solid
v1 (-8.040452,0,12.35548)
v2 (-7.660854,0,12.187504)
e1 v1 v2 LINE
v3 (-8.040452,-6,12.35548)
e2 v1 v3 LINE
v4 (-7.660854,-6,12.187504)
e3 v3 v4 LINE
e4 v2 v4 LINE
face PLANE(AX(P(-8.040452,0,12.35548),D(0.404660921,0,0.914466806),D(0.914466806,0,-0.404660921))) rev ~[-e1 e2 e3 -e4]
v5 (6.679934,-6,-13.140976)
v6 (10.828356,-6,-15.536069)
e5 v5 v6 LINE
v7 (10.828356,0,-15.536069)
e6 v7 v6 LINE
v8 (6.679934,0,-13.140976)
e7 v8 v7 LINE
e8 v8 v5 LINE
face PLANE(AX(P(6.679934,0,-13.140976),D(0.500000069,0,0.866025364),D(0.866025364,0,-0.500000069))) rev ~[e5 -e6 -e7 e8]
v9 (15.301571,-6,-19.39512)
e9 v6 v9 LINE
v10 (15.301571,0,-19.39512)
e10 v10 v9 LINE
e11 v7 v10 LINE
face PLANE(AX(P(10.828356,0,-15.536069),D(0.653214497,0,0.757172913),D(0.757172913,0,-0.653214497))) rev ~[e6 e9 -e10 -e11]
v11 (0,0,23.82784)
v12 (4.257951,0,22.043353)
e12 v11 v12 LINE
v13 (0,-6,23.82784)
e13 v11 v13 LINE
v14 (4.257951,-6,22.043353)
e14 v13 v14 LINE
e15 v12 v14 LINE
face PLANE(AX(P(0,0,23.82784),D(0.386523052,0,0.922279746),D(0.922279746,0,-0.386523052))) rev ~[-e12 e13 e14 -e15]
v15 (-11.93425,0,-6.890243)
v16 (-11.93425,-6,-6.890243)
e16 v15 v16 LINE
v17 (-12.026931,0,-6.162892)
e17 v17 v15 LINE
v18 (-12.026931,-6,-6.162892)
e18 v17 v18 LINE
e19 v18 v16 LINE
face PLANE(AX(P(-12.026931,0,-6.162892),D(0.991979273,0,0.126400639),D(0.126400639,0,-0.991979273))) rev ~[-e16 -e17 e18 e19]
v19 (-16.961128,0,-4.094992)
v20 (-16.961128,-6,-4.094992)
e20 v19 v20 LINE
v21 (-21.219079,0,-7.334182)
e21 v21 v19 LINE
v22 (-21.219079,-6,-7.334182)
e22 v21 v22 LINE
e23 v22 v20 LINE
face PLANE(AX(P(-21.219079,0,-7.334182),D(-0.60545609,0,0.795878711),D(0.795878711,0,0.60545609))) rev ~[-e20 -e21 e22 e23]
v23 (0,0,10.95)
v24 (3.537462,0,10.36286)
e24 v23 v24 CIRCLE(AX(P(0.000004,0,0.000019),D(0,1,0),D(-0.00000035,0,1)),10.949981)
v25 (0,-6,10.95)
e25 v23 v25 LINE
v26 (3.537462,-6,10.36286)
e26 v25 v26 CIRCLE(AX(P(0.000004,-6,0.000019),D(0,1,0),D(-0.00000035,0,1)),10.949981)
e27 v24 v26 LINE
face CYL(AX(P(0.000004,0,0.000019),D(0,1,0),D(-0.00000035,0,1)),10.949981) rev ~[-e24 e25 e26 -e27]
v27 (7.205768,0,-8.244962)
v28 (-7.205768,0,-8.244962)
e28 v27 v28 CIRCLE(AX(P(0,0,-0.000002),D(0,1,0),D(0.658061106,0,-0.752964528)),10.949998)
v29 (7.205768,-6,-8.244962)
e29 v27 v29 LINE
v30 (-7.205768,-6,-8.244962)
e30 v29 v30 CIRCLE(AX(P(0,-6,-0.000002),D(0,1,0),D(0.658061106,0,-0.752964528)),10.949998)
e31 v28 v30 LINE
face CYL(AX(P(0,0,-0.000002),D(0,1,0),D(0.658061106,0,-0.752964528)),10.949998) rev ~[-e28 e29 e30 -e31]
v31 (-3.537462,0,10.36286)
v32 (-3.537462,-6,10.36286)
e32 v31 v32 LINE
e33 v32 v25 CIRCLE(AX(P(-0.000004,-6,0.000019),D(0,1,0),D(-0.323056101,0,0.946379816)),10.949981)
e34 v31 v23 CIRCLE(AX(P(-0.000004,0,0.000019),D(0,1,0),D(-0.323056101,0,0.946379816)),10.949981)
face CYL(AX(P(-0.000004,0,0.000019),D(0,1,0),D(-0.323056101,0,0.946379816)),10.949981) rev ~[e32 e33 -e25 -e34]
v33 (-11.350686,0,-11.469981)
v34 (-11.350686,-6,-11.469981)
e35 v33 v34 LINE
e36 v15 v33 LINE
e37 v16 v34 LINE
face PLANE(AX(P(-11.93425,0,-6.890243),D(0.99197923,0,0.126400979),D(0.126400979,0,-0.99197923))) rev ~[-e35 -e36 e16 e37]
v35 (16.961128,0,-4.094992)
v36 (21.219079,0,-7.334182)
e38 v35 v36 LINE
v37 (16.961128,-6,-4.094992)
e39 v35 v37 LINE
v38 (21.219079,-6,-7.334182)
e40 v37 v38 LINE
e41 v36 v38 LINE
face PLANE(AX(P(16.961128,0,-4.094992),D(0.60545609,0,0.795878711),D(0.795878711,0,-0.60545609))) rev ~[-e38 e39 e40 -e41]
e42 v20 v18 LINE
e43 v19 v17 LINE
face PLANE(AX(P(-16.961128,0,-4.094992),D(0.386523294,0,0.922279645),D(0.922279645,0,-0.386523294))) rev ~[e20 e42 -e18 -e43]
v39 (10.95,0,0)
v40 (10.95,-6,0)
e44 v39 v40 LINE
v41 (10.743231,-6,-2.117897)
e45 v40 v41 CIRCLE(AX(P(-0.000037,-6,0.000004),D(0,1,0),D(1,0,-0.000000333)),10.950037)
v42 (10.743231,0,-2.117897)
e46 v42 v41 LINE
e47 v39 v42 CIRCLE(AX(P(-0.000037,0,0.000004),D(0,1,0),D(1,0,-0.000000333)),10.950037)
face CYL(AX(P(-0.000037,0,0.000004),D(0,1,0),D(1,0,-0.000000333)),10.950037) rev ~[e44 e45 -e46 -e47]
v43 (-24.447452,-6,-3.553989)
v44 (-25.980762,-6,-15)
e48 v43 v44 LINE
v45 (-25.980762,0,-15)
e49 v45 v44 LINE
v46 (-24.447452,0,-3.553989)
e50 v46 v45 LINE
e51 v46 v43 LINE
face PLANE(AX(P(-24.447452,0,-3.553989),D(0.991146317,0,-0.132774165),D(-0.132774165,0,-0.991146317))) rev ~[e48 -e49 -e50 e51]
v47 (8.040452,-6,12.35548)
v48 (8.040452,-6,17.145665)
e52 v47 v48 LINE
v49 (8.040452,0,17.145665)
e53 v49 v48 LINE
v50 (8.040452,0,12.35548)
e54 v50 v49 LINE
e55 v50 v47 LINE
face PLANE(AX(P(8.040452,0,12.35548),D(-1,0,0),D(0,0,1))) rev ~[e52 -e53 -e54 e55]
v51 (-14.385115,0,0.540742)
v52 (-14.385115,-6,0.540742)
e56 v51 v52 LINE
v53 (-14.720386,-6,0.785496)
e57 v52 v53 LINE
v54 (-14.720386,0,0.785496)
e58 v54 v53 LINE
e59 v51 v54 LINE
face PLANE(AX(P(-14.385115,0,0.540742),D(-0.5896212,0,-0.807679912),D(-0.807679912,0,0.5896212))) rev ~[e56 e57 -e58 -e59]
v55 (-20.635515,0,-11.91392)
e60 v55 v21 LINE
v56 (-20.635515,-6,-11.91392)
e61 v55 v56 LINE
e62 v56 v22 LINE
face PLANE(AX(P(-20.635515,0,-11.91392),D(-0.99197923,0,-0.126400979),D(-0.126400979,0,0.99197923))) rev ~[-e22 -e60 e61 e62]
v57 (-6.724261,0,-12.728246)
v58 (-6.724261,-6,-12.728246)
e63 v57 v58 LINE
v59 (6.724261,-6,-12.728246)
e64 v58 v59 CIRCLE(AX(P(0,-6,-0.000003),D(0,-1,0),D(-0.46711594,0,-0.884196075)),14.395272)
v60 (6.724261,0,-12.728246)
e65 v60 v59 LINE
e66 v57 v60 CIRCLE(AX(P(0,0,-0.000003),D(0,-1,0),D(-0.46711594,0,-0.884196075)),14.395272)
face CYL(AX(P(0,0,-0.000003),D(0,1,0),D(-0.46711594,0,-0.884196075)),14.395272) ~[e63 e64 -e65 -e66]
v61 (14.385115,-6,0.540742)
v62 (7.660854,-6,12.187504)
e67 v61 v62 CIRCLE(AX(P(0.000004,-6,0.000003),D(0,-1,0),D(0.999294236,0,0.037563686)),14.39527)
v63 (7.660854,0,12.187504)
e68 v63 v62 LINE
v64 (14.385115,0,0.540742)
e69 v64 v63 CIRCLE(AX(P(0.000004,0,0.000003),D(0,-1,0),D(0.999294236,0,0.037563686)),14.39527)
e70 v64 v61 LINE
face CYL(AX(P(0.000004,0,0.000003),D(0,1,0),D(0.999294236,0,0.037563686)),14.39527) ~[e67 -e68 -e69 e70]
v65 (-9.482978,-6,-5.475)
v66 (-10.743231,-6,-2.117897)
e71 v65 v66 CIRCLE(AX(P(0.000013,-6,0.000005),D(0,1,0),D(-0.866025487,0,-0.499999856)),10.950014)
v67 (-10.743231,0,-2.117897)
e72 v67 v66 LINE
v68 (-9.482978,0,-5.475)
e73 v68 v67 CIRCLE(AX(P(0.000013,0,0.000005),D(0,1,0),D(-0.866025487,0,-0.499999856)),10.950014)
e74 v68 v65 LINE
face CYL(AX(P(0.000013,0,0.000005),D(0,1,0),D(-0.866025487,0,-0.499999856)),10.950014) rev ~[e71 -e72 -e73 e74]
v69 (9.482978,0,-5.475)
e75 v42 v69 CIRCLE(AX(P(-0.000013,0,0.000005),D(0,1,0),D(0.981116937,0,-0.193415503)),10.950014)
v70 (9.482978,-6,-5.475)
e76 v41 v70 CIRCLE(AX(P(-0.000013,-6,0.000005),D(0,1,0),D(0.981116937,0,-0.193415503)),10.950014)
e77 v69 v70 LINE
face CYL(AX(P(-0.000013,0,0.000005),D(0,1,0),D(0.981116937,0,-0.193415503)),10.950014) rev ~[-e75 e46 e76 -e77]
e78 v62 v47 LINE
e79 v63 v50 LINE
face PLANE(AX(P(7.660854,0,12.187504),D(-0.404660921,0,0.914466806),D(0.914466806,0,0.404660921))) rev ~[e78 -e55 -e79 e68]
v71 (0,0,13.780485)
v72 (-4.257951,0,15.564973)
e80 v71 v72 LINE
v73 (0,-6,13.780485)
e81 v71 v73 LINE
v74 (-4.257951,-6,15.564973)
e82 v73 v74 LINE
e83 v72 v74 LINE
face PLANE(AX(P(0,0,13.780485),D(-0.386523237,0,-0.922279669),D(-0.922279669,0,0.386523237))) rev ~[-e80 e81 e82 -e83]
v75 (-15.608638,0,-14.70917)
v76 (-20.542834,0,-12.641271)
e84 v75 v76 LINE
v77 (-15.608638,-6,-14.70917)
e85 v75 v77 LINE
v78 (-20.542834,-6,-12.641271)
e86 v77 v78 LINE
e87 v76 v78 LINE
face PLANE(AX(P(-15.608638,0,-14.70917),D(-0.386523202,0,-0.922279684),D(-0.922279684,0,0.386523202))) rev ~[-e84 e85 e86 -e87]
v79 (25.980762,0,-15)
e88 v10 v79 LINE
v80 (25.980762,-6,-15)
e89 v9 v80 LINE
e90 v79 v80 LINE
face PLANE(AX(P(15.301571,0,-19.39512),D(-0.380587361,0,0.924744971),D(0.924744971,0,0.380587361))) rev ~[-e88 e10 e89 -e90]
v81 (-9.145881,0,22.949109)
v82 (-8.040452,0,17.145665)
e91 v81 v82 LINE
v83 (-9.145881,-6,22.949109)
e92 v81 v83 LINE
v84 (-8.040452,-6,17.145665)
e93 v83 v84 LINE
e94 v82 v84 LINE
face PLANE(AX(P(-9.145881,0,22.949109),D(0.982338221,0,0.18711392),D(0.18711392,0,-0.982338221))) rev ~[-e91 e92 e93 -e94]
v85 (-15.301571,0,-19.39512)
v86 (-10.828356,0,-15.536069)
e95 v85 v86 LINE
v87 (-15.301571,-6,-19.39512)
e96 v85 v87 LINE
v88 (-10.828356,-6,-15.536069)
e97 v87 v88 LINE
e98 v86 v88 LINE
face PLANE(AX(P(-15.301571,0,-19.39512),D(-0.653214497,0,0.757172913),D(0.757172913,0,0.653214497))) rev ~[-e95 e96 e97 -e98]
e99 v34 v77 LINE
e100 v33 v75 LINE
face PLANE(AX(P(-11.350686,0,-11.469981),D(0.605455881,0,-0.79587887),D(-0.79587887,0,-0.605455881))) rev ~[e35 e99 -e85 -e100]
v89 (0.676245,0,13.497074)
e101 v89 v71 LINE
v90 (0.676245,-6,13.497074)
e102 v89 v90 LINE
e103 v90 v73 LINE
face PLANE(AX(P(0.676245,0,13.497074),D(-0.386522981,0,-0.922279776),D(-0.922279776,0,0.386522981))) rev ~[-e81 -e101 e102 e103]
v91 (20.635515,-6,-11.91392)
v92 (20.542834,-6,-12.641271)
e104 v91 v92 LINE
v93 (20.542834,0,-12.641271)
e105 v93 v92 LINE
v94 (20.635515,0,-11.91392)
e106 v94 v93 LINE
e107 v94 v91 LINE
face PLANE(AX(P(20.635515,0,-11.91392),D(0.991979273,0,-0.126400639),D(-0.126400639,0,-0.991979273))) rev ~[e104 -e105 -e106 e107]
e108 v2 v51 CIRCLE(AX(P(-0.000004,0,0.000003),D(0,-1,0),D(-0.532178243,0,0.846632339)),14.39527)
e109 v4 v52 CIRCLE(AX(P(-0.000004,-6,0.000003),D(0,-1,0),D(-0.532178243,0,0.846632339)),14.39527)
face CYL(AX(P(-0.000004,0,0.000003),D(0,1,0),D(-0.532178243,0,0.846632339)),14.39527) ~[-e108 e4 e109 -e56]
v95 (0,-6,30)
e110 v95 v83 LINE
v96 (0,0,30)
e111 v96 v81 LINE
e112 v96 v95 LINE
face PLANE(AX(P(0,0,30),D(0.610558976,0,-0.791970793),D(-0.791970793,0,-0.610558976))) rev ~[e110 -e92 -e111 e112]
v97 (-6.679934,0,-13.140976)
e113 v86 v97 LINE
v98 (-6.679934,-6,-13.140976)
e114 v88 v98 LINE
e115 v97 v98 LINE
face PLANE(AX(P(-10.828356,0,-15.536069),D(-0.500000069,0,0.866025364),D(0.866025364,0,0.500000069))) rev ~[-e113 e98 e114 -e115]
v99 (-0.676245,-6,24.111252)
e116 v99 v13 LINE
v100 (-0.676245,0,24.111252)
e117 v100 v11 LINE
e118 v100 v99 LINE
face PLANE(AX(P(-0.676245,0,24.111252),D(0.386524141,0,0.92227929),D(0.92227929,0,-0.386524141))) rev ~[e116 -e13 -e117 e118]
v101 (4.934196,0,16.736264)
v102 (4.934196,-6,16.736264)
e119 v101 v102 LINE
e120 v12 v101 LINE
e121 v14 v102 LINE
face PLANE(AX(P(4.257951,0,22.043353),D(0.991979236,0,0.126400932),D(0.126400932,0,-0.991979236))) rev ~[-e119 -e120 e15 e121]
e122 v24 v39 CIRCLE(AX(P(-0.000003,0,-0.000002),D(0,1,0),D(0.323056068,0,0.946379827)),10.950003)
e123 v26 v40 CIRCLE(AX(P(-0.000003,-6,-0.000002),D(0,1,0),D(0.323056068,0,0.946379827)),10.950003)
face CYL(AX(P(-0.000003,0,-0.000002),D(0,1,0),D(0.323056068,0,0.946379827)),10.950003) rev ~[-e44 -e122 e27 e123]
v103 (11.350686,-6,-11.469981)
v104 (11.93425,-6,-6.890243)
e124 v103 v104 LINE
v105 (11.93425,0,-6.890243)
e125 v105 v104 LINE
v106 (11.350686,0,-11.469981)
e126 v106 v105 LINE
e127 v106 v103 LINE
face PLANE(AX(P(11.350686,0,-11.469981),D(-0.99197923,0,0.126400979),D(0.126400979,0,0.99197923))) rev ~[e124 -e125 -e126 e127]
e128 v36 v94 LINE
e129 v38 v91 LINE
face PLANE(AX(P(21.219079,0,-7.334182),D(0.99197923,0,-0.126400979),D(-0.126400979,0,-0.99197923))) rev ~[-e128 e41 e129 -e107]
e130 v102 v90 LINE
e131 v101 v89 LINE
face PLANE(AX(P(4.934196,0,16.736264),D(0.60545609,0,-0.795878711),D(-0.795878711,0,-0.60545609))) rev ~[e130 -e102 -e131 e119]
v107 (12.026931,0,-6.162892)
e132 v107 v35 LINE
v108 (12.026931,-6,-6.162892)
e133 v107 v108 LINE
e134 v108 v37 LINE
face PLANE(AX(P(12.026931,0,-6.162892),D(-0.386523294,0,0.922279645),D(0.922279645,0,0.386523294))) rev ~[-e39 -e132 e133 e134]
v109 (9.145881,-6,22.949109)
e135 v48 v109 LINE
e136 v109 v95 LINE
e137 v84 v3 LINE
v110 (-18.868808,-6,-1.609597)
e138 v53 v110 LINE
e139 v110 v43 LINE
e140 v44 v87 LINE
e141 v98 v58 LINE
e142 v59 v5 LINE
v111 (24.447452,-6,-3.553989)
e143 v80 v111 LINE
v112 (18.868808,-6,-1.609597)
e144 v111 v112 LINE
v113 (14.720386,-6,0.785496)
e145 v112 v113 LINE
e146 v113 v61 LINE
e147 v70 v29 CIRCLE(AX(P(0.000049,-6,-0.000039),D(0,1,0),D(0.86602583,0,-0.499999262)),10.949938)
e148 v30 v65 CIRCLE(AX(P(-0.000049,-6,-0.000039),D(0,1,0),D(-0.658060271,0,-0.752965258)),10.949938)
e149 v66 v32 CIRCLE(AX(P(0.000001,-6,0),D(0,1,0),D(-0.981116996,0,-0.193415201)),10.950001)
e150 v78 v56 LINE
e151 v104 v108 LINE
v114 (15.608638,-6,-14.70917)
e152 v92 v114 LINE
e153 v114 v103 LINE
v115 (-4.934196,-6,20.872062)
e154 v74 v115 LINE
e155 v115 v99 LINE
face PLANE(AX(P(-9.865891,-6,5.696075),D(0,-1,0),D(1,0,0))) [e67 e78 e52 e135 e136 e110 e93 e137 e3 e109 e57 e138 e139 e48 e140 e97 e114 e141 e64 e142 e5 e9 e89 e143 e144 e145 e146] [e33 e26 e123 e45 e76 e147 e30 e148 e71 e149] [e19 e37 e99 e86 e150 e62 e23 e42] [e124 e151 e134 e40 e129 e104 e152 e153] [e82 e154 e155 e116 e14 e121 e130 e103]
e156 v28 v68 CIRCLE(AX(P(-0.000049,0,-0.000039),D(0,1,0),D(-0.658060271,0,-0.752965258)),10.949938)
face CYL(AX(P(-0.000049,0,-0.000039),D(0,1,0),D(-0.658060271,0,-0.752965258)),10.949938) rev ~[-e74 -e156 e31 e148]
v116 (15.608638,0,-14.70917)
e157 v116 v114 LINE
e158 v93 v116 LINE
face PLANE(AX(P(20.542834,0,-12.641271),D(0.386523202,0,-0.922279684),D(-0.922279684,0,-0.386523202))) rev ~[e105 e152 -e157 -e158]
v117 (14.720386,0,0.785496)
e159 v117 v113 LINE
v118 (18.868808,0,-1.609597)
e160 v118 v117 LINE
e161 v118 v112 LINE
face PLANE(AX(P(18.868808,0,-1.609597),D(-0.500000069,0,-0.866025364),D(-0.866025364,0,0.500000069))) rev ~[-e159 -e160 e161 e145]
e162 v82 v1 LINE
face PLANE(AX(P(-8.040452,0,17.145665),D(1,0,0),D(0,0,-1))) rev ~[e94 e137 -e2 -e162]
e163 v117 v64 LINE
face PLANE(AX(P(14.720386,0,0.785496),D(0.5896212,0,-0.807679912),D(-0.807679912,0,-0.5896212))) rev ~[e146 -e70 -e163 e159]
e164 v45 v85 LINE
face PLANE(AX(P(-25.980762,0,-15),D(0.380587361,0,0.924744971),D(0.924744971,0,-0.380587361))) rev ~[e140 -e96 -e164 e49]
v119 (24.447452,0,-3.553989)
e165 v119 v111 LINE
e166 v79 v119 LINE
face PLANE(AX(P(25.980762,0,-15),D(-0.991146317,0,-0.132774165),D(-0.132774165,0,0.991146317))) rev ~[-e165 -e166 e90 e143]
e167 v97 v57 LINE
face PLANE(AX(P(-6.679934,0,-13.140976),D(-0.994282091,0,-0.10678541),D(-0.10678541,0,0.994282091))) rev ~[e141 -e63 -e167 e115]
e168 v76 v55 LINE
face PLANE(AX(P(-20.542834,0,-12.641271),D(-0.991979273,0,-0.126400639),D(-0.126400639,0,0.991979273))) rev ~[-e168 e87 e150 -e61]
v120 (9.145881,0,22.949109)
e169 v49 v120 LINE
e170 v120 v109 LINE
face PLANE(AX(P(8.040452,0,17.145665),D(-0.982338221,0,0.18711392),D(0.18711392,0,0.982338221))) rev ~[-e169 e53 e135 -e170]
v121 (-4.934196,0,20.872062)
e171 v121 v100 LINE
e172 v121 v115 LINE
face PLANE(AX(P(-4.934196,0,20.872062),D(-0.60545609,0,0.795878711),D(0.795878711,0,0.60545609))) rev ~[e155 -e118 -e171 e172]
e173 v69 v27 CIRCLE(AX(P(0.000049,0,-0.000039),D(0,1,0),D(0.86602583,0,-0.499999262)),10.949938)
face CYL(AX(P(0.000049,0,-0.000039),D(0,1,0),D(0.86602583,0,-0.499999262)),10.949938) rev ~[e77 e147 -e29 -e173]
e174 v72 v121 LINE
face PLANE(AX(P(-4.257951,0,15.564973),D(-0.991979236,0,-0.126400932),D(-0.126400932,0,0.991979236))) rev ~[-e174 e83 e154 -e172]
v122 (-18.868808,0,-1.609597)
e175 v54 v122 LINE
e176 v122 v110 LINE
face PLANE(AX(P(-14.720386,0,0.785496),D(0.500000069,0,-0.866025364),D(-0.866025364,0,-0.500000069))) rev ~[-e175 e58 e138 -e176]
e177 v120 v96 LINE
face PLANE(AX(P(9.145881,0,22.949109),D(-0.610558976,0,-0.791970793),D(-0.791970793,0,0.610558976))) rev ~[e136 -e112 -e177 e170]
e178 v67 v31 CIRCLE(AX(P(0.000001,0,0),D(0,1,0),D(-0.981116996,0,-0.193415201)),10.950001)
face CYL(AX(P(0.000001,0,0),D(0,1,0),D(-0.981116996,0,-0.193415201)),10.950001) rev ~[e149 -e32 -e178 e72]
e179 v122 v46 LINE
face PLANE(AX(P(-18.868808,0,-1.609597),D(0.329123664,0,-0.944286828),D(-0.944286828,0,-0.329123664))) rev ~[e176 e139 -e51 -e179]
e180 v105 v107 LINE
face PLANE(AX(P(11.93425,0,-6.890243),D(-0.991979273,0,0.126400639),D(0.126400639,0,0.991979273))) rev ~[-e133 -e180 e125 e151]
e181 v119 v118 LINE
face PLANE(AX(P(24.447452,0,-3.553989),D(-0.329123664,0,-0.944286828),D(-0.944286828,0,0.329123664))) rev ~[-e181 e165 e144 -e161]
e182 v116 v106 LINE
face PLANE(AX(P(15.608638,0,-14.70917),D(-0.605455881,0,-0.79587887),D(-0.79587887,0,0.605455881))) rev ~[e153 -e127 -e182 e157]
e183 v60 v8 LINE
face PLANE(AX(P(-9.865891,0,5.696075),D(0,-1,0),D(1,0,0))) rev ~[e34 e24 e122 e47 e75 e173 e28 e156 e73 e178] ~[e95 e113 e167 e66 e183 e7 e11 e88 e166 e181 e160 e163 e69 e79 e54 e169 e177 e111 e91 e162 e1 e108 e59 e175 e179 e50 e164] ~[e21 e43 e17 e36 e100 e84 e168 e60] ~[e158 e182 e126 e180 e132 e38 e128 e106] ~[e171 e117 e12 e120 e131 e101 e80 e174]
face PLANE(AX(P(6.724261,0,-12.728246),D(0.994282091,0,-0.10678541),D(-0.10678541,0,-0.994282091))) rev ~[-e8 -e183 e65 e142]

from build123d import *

# Parameters (mm, degrees)
F1_DEPTH = 6


with BuildPart() as f1:
    # F0 (on Front) → F1 (new body)
    with BuildSketch(Plane.XZ):
        with BuildLine():
            ThreePointArc((-10.743231, -2.117897), (-9.482978, 5.475), (-3.537462, 10.36286))
            Line((-3.537462, 10.36286), (-7.660854, 12.187504))
            ThreePointArc((-7.660854, 12.187504), (-12.466674, 7.197638), (-14.385115, 0.540742))
            Line((-14.385115, 0.540742), (-10.743231, -2.117897))
        make_face()
        with BuildLine():
            ThreePointArc((-9.482978, -5.475), (-10.251459, -3.848387), (-10.743231, -2.117897))
            Line((-10.743231, -2.117897), (-14.385115, 0.540742))
            Line((-14.385115, 0.540742), (-14.720386, 0.785496))
            Line((-14.720386, 0.785496), (-18.868808, -1.609597))
            Line((-18.868808, -1.609597), (-24.447452, -3.553989))
            Line((-24.447452, -3.553989), (-25.980762, -15))
            Line((-25.980762, -15), (-20.635515, -11.91392))
            Line((-20.635515, -11.91392), (-21.219079, -7.334182))
            Line((-21.219079, -7.334182), (-16.961128, -4.094992))
            Line((-16.961128, -4.094992), (-12.026931, -6.162892))
            Line((-12.026931, -6.162892), (-11.93425, -6.890243))
            Line((-11.93425, -6.890243), (-9.482978, -5.475))
        make_face()
        with BuildLine():
            ThreePointArc((-7.205768, -8.244962), (-8.458531, -6.953831), (-9.482978, -5.475))
            Line((-9.482978, -5.475), (-11.93425, -6.890243))
            Line((-11.93425, -6.890243), (-11.350686, -11.469981))
            Line((-11.350686, -11.469981), (-15.608638, -14.70917))
            Line((-15.608638, -14.70917), (-20.542834, -12.641271))
            Line((-20.542834, -12.641271), (-20.635515, -11.91392))
            Line((-20.635515, -11.91392), (-25.980762, -15))
            Line((-25.980762, -15), (-15.301571, -19.39512))
            Line((-15.301571, -19.39512), (-10.828356, -15.536069))
            Line((-10.828356, -15.536069), (-6.679934, -13.140976))
            Line((-6.679934, -13.140976), (-6.724261, -12.728246))
            Line((-6.724261, -12.728246), (-7.205768, -8.244962))
        make_face()
        with BuildLine():
            Line((6.724261, -12.728246), (7.205768, -8.244962))
            ThreePointArc((7.205768, -8.244962), (0, -10.95), (-7.205768, -8.244962))
            Line((-7.205768, -8.244962), (-6.724261, -12.728246))
            ThreePointArc((-6.724261, -12.728246), (0, -14.395275), (6.724261, -12.728246))
        make_face()
        with BuildLine():
            Line((11.93425, -6.890243), (9.482978, -5.475))
            ThreePointArc((9.482978, -5.475), (8.458531, -6.953831), (7.205768, -8.244962))
            Line((7.205768, -8.244962), (6.724261, -12.728246))
            Line((6.724261, -12.728246), (6.679934, -13.140976))
            Line((6.679934, -13.140976), (10.828356, -15.536069))
            Line((10.828356, -15.536069), (15.301571, -19.39512))
            Line((15.301571, -19.39512), (25.980762, -15))
            Line((25.980762, -15), (20.635515, -11.91392))
            Line((20.635515, -11.91392), (20.542834, -12.641271))
            Line((20.542834, -12.641271), (15.608638, -14.70917))
            Line((15.608638, -14.70917), (11.350686, -11.469981))
            Line((11.350686, -11.469981), (11.93425, -6.890243))
        make_face()
        with BuildLine():
            Line((14.385115, 0.540742), (10.743231, -2.117897))
            ThreePointArc((10.743231, -2.117897), (10.251459, -3.848387), (9.482978, -5.475))
            Line((9.482978, -5.475), (11.93425, -6.890243))
            Line((11.93425, -6.890243), (12.026931, -6.162892))
            Line((12.026931, -6.162892), (16.961128, -4.094992))
            Line((16.961128, -4.094992), (21.219079, -7.334182))
            Line((21.219079, -7.334182), (20.635515, -11.91392))
            Line((20.635515, -11.91392), (25.980762, -15))
            Line((25.980762, -15), (24.447452, -3.553989))
            Line((24.447452, -3.553989), (18.868808, -1.609597))
            Line((18.868808, -1.609597), (14.720386, 0.785496))
            Line((14.720386, 0.785496), (14.385115, 0.540742))
        make_face()
        with BuildLine():
            ThreePointArc((3.537462, 10.36286), (8.906113, 6.370529), (10.95, 0))
            ThreePointArc((10.95, 0), (10.898185, -1.063983), (10.743231, -2.117897))
            Line((10.743231, -2.117897), (14.385115, 0.540742))
            ThreePointArc((14.385115, 0.540742), (12.466674, 7.197638), (7.660854, 12.187504))
            Line((7.660854, 12.187504), (3.537462, 10.36286))
        make_face()
        with BuildLine():
            ThreePointArc((0, 10.95), (1.792929, 10.802218), (3.537462, 10.36286))
            Line((3.537462, 10.36286), (7.660854, 12.187504))
            Line((7.660854, 12.187504), (8.040452, 12.35548))
            Line((8.040452, 12.35548), (8.040452, 17.145665))
            Line((8.040452, 17.145665), (9.145881, 22.949109))
            Line((9.145881, 22.949109), (0, 30))
            Line((0, 30), (0, 23.82784))
            Line((0, 23.82784), (4.257951, 22.043353))
            Line((4.257951, 22.043353), (4.934196, 16.736264))
            Line((4.934196, 16.736264), (0.676245, 13.497074))
            Line((0.676245, 13.497074), (0, 13.780485))
            Line((0, 13.780485), (0, 10.95))
        make_face()
        with BuildLine():
            ThreePointArc((-3.537462, 10.36286), (-1.792929, 10.802218), (0, 10.95))
            Line((0, 10.95), (0, 13.780485))
            Line((0, 13.780485), (-4.257951, 15.564973))
            Line((-4.257951, 15.564973), (-4.934196, 20.872062))
            Line((-4.934196, 20.872062), (-0.676245, 24.111252))
            Line((-0.676245, 24.111252), (0, 23.82784))
            Line((0, 23.82784), (0, 30))
            Line((0, 30), (-9.145881, 22.949109))
            Line((-9.145881, 22.949109), (-8.040452, 17.145665))
            Line((-8.040452, 17.145665), (-8.040452, 12.35548))
            Line((-8.040452, 12.35548), (-7.660854, 12.187504))
            Line((-7.660854, 12.187504), (-3.537462, 10.36286))
        make_face()
    extrude(amount=F1_DEPTH)


solid = f1.part
